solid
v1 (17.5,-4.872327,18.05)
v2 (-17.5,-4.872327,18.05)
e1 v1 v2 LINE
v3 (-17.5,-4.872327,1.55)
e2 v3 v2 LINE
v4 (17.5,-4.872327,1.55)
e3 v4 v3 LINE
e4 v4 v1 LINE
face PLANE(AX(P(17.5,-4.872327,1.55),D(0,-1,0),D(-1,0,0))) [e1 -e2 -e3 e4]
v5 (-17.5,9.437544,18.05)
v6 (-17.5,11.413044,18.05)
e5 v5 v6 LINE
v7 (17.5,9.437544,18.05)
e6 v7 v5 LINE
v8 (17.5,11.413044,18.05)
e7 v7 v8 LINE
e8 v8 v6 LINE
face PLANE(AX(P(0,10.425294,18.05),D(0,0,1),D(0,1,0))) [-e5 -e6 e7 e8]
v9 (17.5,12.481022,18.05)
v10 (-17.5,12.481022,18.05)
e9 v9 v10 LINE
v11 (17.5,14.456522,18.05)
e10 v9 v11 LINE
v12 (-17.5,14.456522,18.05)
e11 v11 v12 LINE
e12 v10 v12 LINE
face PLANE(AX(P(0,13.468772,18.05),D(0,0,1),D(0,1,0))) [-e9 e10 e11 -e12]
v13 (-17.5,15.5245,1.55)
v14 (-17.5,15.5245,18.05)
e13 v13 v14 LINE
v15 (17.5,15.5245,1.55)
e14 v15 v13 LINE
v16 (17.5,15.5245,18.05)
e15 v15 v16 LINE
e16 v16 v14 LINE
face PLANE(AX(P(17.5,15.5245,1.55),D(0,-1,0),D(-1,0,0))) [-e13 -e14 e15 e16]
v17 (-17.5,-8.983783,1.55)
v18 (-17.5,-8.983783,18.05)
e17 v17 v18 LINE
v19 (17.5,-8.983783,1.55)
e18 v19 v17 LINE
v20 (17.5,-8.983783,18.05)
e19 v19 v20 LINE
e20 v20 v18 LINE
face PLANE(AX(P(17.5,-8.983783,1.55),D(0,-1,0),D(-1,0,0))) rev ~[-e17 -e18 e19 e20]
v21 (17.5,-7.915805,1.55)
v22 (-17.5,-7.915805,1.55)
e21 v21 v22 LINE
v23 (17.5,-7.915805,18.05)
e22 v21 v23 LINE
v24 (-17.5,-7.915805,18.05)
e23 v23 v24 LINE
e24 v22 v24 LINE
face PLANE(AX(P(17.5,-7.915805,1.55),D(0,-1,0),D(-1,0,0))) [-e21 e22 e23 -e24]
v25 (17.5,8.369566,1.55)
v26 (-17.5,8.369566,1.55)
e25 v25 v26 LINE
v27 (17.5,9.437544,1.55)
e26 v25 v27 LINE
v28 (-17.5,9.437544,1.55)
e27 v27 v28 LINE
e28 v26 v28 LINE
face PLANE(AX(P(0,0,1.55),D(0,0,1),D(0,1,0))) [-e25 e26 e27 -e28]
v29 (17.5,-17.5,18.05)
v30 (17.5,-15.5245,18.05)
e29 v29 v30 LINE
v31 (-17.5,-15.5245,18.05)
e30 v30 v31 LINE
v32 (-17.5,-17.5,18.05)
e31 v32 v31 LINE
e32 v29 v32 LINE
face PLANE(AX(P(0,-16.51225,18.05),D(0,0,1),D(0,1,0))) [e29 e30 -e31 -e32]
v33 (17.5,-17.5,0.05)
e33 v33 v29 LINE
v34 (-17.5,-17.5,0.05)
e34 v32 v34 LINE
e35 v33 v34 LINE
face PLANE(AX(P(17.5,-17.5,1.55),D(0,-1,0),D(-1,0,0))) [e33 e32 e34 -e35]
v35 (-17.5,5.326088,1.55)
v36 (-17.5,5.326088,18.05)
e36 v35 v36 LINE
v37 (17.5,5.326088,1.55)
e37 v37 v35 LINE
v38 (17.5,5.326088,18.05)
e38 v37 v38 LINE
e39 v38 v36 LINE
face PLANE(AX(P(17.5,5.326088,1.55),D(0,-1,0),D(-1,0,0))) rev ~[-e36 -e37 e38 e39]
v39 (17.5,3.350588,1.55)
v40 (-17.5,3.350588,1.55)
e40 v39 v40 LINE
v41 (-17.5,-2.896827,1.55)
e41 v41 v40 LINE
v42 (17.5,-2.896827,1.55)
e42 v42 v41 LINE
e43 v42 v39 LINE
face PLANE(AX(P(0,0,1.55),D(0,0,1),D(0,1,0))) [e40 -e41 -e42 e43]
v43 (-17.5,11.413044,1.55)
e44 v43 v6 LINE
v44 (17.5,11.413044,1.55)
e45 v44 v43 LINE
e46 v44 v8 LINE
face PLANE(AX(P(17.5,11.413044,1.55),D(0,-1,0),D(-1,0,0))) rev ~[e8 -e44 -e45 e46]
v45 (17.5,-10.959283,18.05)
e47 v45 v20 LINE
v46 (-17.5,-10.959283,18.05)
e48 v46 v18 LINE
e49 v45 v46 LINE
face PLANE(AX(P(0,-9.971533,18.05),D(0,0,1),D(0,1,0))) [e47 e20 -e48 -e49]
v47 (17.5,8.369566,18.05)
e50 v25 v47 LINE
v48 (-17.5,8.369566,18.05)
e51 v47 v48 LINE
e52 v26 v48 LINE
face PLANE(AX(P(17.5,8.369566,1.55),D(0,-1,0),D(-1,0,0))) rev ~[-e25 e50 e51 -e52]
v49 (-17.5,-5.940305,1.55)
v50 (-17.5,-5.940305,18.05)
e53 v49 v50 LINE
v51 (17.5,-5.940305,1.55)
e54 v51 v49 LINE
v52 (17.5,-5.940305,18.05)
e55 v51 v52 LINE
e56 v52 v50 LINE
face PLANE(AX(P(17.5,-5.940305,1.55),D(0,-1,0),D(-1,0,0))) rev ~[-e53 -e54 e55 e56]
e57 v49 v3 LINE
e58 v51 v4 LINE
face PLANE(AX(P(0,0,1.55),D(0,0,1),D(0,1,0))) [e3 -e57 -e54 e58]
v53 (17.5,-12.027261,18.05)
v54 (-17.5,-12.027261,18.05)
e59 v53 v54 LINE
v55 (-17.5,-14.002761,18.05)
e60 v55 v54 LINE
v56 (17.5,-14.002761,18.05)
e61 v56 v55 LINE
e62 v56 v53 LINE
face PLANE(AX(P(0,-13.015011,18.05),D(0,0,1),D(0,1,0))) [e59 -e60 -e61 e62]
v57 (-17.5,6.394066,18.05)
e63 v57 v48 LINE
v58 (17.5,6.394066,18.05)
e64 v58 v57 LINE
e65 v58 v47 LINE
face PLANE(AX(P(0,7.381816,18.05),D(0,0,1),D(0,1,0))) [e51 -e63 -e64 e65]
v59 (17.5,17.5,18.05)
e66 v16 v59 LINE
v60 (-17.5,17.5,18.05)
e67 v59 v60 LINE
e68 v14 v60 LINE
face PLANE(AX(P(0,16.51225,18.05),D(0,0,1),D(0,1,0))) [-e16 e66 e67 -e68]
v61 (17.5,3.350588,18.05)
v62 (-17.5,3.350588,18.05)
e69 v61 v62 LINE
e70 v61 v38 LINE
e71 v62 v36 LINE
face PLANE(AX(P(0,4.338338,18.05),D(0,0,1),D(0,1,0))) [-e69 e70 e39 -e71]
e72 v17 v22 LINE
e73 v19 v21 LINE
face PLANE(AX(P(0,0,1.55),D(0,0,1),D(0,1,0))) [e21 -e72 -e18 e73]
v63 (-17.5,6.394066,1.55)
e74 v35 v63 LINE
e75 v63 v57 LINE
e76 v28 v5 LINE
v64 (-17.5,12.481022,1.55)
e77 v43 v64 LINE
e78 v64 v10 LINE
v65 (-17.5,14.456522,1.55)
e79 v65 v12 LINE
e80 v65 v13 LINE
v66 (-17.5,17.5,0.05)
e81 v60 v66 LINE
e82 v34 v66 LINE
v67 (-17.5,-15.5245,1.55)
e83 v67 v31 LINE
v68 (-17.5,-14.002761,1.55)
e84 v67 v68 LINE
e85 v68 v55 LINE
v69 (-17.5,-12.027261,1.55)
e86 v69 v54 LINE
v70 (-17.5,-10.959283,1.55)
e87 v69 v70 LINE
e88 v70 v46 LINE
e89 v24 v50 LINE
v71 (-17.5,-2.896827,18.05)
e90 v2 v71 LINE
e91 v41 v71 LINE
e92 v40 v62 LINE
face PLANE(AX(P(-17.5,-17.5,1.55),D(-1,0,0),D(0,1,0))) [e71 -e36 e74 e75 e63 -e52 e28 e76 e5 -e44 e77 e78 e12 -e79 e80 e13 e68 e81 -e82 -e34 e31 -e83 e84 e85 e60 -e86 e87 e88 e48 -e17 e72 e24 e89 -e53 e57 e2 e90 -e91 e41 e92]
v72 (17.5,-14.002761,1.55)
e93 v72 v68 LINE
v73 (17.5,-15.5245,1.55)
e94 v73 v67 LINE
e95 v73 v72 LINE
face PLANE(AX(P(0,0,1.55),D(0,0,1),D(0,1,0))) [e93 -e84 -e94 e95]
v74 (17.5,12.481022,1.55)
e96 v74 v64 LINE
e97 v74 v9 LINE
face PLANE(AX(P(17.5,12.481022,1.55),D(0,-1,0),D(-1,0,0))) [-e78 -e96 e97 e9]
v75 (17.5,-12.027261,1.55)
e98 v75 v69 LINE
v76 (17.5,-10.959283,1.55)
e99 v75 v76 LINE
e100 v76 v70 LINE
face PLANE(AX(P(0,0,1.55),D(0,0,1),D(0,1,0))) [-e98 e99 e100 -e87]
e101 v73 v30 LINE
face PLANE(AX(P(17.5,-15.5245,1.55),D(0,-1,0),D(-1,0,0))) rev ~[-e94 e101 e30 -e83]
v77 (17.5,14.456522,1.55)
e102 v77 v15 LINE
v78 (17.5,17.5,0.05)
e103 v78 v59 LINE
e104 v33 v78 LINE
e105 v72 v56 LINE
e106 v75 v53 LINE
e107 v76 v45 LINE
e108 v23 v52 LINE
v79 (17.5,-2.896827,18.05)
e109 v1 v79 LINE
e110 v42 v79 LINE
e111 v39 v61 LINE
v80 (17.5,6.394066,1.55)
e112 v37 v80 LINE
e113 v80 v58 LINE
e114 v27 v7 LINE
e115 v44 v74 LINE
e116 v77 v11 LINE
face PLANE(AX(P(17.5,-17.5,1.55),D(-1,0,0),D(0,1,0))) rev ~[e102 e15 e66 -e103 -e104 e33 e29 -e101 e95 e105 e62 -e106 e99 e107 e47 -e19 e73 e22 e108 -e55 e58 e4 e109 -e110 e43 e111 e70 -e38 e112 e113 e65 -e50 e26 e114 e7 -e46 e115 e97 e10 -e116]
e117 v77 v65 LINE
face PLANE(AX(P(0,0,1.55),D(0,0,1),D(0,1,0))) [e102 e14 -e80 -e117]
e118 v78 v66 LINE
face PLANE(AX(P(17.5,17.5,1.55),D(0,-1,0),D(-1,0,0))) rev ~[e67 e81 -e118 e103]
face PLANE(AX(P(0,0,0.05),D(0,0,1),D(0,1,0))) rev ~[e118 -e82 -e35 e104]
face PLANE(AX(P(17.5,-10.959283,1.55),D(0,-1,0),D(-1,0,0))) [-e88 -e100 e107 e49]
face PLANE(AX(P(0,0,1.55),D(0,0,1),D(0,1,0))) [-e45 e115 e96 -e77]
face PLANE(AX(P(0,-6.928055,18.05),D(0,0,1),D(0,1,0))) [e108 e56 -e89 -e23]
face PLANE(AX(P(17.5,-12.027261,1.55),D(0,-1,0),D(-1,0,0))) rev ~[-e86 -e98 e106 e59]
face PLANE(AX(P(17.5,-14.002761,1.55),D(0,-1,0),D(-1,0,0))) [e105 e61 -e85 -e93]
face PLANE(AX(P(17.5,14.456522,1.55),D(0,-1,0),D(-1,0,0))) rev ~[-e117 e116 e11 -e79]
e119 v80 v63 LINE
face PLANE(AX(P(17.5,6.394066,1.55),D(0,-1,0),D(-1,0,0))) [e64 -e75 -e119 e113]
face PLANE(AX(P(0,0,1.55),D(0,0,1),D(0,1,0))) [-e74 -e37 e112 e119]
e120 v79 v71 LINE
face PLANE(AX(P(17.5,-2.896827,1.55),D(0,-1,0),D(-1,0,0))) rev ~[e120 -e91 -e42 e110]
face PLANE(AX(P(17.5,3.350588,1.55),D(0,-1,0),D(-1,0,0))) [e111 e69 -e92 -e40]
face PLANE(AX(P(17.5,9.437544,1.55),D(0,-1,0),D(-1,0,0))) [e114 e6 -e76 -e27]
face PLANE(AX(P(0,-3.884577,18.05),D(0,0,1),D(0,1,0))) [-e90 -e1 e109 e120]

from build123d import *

# Parameters (mm, degrees)
BOX_W                = 35
BOX_H                = 35
BOX_DEPTH            = 1.5
BOX017_W             = 1.9755
BOX017_H             = 35
BOX017_DEPTH         = 16.5
BOX018_W             = 1.9755
BOX018_H             = 35
BOX018_DEPTH         = 16.5
BOX019_W             = 1.9755
BOX019_H             = 35
BOX019_DEPTH         = 16.5
BOX020_W             = 1.9755
BOX020_H             = 35
BOX020_DEPTH         = 16.5
BOX021_W             = 1.9755
BOX021_H             = 35
BOX021_DEPTH         = 16.5
BOX022_W             = 1.9755
BOX022_H             = 35
BOX022_DEPTH         = 16.5
BOX023_W             = 1.9755
BOX023_H             = 35
BOX023_DEPTH         = 16.5
BOX024_W             = 1.9755
BOX024_H             = 35
BOX024_DEPTH         = 16.5
BOX025_W             = 1.9755
BOX025_H             = 35
BOX025_DEPTH         = 16.5
BOX026_W             = 1.9755
BOX026_H             = 35
BOX026_DEPTH         = 16.5
BODY_PLACEMENT_ANGLE = 90


with BuildPart() as part:
    # Box → Box (join)
    with BuildSketch(Plane(origin=(-17.5, -17.5, 0), x_dir=(1, 0, 0), z_dir=(0, 0, 1))):
        with Locations((17.5, 17.5)):
            Rectangle(BOX_W, BOX_H)
    extrude(amount=BOX_DEPTH)

    # Box017 → Box017 (join)
    with BuildSketch(Plane(origin=(15.5245, -17.5, 1.5), x_dir=(1, 0, 0), z_dir=(0, 0, 1))):
        with Locations((0.98775, 17.5)):
            Rectangle(BOX017_W, BOX017_H)
    extrude(amount=BOX017_DEPTH)

    # Box018 → Box018 (join)
    with BuildSketch(Plane(origin=(12.481022, -17.5, 1.5), x_dir=(1, 0, 0), z_dir=(0, 0, 1))):
        with Locations((0.98775, 17.5)):
            Rectangle(BOX018_W, BOX018_H)
    extrude(amount=BOX018_DEPTH)

    # Box019 → Box019 (join)
    with BuildSketch(Plane(origin=(9.437544, -17.5, 1.5), x_dir=(1, 0, 0), z_dir=(0, 0, 1))):
        with Locations((0.98775, 17.5)):
            Rectangle(BOX019_W, BOX019_H)
    extrude(amount=BOX019_DEPTH)

    # Box020 → Box020 (join)
    with BuildSketch(Plane(origin=(6.394066, -17.5, 1.5), x_dir=(1, 0, 0), z_dir=(0, 0, 1))):
        with Locations((0.98775, 17.5)):
            Rectangle(BOX020_W, BOX020_H)
    extrude(amount=BOX020_DEPTH)

    # Box021 → Box021 (join)
    with BuildSketch(Plane(origin=(3.350588, -17.5, 1.5), x_dir=(1, 0, 0), z_dir=(0, 0, 1))):
        with Locations((0.98775, 17.5)):
            Rectangle(BOX021_W, BOX021_H)
    extrude(amount=BOX021_DEPTH)

    # Box022 → Box022 (join)
    with BuildSketch(Plane(origin=(-4.872327, -17.5, 1.5), x_dir=(1, 0, 0), z_dir=(0, 0, 1))):
        with Locations((0.98775, 17.5)):
            Rectangle(BOX022_W, BOX022_H)
    extrude(amount=BOX022_DEPTH)

    # Box023 → Box023 (join)
    with BuildSketch(Plane(origin=(-7.915805, -17.5, 1.5), x_dir=(1, 0, 0), z_dir=(0, 0, 1))):
        with Locations((0.98775, 17.5)):
            Rectangle(BOX023_W, BOX023_H)
    extrude(amount=BOX023_DEPTH)

    # Box024 → Box024 (join)
    with BuildSketch(Plane(origin=(-10.959283, -17.5, 1.5), x_dir=(1, 0, 0), z_dir=(0, 0, 1))):
        with Locations((0.98775, 17.5)):
            Rectangle(BOX024_W, BOX024_H)
    extrude(amount=BOX024_DEPTH)

    # Box025 → Box025 (join)
    with BuildSketch(Plane(origin=(-14.002761, -17.5, 1.5), x_dir=(1, 0, 0), z_dir=(0, 0, 1))):
        with Locations((0.98775, 17.5)):
            Rectangle(BOX025_W, BOX025_H)
    extrude(amount=BOX025_DEPTH)

    # Box026 → Box026 (join)
    with BuildSketch(Plane(origin=(-17.5, -17.5, 1.5), x_dir=(1, 0, 0), z_dir=(0, 0, 1))):
        with Locations((0.98775, 17.5)):
            Rectangle(BOX026_W, BOX026_H)
    extrude(amount=BOX026_DEPTH)


with BuildPart() as part_1:
    # Body placement: moved
    add(part.part.moved(Location((0, 0, 0.05))).rotate(Axis((0, 0, 0.05), (0, 0, 1)), BODY_PLACEMENT_ANGLE))


solid = part_1.part
